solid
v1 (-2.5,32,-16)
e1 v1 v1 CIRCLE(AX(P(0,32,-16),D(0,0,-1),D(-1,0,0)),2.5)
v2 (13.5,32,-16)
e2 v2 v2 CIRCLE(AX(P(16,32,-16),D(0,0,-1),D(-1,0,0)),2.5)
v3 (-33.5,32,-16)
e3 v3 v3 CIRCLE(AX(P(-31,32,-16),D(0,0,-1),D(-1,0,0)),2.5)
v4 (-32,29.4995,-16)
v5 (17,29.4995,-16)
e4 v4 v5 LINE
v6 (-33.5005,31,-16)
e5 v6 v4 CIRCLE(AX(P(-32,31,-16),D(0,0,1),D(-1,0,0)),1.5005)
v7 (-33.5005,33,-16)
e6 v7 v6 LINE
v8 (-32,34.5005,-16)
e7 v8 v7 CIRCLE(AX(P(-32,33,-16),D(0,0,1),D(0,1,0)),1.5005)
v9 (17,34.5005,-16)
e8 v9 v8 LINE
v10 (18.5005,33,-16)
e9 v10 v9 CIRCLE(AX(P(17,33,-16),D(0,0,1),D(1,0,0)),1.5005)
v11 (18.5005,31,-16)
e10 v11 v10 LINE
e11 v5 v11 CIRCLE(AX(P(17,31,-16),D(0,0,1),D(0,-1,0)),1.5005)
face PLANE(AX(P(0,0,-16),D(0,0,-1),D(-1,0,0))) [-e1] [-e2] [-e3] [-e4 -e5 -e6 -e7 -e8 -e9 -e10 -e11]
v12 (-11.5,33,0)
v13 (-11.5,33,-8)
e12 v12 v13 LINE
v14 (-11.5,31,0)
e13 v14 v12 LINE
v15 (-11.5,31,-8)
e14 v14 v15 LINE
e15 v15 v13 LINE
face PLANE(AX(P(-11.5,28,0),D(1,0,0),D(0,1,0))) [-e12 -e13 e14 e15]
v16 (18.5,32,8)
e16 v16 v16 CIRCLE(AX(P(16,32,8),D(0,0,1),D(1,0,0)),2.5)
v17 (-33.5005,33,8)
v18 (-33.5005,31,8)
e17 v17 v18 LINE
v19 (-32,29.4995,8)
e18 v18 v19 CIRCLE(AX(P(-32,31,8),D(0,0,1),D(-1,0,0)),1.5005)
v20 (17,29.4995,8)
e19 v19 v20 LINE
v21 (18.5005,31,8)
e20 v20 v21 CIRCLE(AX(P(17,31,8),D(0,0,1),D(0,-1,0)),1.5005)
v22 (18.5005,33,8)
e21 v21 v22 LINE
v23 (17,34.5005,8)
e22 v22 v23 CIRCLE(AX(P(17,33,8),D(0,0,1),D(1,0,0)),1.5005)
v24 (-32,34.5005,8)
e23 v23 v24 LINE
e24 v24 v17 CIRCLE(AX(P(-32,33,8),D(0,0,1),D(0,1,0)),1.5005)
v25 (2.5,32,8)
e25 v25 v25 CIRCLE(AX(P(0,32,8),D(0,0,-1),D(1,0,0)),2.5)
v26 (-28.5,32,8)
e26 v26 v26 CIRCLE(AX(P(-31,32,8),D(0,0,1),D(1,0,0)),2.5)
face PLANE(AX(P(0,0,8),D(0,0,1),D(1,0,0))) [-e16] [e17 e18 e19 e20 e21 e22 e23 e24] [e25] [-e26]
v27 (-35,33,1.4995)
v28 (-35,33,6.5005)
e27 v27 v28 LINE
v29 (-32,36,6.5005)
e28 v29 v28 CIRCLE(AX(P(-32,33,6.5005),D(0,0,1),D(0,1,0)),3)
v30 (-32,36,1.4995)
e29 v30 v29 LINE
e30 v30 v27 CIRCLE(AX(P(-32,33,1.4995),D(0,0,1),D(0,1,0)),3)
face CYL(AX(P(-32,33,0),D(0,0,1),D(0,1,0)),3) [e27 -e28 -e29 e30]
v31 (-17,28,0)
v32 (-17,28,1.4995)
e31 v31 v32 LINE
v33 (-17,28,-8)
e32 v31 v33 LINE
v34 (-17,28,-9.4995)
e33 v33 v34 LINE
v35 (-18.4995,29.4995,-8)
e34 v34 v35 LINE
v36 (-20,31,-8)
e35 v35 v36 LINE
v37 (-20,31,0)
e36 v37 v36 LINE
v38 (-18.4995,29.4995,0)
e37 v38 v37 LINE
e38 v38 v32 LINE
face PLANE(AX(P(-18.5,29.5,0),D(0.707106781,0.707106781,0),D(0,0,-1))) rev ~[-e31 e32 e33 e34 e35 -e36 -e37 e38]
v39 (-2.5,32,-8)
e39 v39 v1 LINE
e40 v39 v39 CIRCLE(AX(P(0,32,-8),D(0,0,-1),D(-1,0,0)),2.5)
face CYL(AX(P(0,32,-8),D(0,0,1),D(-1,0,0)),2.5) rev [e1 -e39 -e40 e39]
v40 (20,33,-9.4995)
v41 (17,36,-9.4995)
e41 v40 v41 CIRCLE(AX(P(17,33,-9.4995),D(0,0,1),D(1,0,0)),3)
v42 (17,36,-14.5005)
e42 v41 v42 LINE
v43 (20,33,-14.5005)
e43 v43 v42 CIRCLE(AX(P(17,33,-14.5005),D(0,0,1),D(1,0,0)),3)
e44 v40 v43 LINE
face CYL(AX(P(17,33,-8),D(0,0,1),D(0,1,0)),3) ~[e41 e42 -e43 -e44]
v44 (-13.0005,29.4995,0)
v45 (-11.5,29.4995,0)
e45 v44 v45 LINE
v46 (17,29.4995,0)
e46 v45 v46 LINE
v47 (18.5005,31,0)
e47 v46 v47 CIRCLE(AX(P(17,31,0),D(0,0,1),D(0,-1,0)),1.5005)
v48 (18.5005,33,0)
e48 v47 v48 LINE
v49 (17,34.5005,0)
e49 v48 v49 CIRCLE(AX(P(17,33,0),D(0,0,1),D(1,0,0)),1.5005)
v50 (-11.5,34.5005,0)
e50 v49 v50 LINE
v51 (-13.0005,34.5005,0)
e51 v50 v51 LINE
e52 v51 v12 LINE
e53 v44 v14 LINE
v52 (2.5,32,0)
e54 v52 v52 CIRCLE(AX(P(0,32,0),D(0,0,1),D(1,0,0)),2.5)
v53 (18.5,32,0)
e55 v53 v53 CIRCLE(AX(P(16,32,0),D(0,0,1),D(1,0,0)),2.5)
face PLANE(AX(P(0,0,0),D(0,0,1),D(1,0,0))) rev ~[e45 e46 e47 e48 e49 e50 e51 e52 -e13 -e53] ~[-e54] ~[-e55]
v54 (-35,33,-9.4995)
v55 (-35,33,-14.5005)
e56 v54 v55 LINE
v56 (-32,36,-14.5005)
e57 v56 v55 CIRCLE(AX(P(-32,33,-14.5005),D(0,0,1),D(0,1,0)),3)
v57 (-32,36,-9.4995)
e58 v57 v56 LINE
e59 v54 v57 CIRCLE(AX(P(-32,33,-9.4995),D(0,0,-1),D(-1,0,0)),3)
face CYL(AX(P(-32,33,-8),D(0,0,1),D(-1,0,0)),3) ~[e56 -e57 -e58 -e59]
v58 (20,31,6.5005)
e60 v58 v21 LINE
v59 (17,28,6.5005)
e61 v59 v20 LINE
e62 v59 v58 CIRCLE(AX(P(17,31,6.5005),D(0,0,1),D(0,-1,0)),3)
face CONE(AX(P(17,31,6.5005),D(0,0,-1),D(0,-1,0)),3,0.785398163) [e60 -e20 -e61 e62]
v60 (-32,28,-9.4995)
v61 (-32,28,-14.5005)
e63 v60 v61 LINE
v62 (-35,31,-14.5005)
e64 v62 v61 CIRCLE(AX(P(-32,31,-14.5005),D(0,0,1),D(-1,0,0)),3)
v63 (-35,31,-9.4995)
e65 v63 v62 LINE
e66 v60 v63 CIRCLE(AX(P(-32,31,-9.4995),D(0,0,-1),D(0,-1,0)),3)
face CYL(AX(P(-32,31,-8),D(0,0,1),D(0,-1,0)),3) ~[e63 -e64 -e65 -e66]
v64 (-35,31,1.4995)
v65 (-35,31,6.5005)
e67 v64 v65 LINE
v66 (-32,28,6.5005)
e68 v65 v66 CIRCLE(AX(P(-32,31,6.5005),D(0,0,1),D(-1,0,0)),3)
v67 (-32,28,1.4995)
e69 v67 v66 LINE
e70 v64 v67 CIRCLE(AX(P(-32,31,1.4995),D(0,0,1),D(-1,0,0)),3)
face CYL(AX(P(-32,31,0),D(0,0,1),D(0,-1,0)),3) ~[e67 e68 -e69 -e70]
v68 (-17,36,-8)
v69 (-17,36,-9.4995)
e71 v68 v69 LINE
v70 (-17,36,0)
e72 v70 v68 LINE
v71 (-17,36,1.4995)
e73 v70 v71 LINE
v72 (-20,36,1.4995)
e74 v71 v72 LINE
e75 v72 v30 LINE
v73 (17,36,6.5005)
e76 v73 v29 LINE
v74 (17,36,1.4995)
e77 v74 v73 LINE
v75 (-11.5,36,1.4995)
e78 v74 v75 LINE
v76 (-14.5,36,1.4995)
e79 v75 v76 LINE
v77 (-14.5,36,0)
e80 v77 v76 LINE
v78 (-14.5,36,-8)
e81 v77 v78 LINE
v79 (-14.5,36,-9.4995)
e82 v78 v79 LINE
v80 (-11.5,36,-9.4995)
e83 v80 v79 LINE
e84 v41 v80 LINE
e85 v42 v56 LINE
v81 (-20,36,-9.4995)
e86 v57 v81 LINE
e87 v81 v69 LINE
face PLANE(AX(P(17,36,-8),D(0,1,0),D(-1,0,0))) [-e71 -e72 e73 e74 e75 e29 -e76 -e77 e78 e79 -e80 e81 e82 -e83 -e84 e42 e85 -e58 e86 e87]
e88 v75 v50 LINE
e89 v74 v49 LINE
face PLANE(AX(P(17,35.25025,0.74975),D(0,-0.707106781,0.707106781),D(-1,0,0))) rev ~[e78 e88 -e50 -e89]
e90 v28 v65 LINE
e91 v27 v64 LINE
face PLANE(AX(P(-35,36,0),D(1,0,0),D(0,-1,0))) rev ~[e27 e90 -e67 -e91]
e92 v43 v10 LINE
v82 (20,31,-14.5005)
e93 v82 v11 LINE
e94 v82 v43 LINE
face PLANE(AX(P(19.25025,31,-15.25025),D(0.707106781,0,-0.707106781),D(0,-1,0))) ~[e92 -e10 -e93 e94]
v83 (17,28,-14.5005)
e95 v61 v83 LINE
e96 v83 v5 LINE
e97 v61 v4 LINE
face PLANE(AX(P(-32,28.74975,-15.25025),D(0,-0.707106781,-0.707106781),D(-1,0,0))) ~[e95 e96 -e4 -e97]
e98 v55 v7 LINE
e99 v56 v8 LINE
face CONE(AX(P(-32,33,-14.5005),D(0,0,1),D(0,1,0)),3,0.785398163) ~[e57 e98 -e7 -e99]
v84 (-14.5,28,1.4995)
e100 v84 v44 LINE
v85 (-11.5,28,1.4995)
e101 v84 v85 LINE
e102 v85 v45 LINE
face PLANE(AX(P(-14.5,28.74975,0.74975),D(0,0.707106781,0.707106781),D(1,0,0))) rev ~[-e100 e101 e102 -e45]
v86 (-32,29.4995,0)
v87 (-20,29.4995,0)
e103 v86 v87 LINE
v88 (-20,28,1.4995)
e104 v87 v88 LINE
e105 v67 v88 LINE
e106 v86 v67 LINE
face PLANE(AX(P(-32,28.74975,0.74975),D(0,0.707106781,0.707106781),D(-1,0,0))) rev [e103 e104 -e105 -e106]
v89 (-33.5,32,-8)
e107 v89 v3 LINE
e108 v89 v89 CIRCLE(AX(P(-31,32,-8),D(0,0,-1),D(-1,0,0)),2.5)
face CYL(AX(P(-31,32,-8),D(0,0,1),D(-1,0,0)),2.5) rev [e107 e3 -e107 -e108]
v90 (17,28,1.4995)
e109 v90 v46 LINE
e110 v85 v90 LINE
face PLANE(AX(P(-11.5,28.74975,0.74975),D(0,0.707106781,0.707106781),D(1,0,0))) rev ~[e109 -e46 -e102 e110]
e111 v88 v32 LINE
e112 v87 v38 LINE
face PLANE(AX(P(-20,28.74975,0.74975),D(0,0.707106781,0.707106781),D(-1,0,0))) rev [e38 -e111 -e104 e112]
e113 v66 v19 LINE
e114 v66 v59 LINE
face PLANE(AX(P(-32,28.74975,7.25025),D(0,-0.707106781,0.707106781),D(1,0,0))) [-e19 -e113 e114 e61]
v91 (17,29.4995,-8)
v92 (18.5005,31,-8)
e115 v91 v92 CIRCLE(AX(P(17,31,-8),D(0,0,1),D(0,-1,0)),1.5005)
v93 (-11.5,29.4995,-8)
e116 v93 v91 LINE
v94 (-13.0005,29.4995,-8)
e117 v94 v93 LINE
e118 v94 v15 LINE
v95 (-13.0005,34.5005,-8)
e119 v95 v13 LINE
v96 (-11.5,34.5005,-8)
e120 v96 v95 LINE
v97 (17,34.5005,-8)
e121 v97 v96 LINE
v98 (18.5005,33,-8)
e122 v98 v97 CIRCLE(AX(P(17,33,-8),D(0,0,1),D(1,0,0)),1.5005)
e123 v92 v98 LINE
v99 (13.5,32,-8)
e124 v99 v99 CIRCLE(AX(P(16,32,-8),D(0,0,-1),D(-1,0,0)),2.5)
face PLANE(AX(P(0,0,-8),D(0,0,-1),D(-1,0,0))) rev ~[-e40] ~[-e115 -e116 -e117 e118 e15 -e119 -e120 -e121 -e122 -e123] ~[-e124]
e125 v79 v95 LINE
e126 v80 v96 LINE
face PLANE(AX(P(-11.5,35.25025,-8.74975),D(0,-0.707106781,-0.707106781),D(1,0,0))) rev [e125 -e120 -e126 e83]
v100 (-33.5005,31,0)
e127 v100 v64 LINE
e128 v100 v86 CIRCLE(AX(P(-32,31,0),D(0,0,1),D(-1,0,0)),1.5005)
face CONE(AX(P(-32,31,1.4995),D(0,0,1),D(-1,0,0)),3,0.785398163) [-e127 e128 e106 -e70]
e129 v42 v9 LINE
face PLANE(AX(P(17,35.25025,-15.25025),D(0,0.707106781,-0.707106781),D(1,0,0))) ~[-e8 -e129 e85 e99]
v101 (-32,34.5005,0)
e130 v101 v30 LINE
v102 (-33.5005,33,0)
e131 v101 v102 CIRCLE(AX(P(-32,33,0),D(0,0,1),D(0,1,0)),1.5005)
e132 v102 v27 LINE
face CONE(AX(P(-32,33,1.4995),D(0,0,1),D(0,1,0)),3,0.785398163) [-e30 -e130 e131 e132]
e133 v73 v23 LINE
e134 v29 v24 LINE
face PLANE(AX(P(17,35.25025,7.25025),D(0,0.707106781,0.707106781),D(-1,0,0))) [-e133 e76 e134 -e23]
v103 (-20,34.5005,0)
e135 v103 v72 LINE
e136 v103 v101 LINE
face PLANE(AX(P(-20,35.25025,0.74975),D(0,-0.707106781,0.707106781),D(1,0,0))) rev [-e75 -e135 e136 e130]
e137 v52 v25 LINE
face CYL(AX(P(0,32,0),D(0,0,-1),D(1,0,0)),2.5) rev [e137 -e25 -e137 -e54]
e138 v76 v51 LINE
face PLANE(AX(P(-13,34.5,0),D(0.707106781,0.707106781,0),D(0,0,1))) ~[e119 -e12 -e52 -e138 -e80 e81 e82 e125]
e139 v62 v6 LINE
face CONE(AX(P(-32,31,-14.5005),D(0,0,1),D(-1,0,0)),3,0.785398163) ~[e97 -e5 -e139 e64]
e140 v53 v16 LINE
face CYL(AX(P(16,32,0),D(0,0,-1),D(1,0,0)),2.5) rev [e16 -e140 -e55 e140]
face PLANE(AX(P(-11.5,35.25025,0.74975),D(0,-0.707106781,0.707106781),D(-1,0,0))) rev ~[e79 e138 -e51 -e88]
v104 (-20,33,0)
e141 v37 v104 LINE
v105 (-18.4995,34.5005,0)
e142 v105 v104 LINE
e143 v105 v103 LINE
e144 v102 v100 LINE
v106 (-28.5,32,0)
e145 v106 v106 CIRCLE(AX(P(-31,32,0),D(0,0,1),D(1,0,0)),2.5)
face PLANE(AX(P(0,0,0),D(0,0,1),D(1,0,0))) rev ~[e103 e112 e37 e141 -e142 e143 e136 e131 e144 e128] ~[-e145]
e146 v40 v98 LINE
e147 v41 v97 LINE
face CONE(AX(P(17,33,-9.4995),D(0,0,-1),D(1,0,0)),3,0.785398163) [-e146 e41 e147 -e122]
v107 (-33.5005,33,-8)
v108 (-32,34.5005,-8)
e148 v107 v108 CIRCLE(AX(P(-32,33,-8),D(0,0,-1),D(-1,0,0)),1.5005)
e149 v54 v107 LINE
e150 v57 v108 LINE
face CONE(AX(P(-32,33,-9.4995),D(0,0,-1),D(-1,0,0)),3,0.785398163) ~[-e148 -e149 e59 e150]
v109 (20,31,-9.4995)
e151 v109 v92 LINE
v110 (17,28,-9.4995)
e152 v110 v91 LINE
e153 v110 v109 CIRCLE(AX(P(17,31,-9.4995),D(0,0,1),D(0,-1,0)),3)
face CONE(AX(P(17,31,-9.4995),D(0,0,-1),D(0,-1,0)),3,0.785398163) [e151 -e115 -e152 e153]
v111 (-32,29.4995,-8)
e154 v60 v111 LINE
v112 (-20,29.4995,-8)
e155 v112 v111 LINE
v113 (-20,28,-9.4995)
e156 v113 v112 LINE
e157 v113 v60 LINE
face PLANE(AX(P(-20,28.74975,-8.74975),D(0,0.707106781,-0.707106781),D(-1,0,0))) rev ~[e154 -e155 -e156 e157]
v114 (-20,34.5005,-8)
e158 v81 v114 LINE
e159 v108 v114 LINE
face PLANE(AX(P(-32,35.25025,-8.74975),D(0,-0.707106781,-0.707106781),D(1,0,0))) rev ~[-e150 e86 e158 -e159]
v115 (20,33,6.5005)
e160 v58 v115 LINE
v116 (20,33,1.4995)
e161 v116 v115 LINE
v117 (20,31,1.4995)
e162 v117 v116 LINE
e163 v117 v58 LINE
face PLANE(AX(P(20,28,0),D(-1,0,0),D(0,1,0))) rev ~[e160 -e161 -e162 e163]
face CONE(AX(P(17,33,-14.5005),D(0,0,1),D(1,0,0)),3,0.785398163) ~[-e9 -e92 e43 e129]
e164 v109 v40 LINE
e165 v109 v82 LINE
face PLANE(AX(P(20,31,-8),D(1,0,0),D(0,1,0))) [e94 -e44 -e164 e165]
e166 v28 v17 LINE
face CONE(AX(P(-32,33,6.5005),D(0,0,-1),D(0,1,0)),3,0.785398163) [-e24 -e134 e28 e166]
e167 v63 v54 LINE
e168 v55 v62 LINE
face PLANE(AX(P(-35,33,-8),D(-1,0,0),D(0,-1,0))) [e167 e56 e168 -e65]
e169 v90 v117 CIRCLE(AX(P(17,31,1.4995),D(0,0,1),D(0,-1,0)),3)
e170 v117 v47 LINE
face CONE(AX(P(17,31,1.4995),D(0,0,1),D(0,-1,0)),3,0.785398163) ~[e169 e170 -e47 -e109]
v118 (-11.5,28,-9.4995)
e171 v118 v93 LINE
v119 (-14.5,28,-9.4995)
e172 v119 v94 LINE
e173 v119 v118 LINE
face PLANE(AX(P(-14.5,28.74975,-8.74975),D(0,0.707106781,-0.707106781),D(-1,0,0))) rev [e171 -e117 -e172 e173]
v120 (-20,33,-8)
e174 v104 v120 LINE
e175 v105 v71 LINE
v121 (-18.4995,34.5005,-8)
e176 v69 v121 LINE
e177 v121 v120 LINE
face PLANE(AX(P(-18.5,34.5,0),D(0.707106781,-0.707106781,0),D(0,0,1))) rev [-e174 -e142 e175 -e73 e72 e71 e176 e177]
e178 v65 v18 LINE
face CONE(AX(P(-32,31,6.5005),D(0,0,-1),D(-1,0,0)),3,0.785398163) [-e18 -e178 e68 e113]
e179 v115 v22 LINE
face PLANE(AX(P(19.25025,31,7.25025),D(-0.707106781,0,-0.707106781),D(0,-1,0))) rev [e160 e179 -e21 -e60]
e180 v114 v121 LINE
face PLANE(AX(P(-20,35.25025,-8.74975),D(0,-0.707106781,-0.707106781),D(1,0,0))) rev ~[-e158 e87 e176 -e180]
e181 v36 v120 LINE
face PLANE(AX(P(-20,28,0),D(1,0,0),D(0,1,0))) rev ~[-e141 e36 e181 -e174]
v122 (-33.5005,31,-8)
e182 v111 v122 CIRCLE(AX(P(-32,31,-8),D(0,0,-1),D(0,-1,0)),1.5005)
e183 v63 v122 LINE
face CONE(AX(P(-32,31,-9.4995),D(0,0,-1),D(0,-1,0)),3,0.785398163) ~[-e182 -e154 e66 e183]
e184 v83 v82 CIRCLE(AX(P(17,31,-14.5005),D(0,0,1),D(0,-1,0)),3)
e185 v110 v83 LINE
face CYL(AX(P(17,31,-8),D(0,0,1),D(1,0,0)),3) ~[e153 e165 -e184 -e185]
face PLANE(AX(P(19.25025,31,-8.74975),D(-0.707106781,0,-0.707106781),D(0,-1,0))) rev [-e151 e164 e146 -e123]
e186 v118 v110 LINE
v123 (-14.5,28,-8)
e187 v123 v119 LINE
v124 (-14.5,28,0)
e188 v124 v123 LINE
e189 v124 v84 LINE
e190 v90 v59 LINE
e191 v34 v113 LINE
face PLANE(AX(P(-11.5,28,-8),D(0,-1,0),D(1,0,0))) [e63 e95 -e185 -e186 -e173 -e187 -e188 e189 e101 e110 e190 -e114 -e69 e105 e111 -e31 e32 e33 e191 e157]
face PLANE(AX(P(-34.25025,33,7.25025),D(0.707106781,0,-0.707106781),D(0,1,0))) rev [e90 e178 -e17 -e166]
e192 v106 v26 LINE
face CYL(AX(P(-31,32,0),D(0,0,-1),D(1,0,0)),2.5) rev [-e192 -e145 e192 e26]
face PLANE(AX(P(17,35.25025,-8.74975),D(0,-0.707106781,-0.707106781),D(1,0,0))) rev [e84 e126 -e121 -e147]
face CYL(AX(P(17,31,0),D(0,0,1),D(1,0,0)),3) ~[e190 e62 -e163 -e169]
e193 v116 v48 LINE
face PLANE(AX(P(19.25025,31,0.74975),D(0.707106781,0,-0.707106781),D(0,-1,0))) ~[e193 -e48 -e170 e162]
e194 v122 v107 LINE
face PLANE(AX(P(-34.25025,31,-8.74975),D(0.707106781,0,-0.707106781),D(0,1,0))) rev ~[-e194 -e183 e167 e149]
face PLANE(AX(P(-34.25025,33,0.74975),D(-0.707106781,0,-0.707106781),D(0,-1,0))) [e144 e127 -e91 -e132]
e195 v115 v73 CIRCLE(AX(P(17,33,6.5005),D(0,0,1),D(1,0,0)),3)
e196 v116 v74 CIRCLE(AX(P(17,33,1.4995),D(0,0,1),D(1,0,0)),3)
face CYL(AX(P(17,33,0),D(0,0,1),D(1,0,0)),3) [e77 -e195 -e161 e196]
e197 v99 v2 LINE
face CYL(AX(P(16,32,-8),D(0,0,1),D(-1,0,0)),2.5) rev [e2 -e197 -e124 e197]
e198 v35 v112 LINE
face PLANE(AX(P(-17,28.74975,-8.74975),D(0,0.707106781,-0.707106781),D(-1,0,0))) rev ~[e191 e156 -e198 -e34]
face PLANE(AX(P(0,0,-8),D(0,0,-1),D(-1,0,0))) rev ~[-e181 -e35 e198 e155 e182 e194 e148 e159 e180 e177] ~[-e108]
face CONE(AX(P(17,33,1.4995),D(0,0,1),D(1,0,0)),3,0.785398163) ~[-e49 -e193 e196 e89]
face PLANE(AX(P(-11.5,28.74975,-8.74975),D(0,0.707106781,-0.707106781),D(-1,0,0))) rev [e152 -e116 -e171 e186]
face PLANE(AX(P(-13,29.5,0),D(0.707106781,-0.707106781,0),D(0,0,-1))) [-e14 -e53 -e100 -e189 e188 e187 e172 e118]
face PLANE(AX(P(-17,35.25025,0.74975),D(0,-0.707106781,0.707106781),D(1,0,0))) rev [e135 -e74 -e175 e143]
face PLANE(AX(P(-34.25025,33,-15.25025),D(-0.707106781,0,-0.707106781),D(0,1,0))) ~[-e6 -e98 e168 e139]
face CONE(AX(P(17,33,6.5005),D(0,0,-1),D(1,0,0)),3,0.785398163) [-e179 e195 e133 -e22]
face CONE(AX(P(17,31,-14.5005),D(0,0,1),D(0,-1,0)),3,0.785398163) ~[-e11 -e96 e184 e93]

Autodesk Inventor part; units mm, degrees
ref_plane "YZ Plane" through (0, 0, 0) normal (1, 0, 0) x (0, 1, 0)
ref_plane "XZ Plane" through (0, 0, 0) normal (0, 1, 0) x (-1, 0, 0)
ref_plane "XY Plane" through (0, 0, 0) normal (0, 0, 1) x (1, 0, 0)
sketch "Sketch1" plane through (0, 0, 0) normal (0, 0, 1) x (1, 0, 0)
  line L0 (20, 36) -> (-35, 36)
  line L1 (-35, 36) -> (-35, 28)
  line L2 (-35, 28) -> (20, 28)
  line L3 (20, 28) -> (20, 36)
  circle A0 centre (16, 32) radius 2.5
  circle A1 centre (-31, 32) radius 2.5
  arc A2 (-2.5, 32) -> (2.5, 32) centre (0, 32) ccw projected
  line L4 (-2.5, 32) -> (-2.5, -32) projected
  line L5 (2.5, -32) -> (2.5, 32) projected
  arc A3 (2.5, -32) -> (-2.5, -32) centre (0, -32) ccw projected
  arc A4 (0, 34.5) -> (-2.5, 32) centre (0, 32) ccw projected
  arc A5 (2.5, 32) -> (0, 34.5) centre (0, 32) ccw projected
  point P0 (0, 0)
  point P1 (-2.5, 28)
  point P2 (2.5, 28)
  dimension "d0" = 8
  dimension "d2" = 55
  dimension "d4" = 4
  dimension "d5" = 4
  dimension "d7" = 4
  dimension "d11" = 5
extrude "Extrusion1" add sketch "Sketch1" along normal blind 8 contours L3 L2 L5 A5 A4 L4 L1 L0 | L2 L4 A2 L5
fillet "Fillet1" radius 3 4 edges at (-35, 36, 4) (-35, 28, 4) (20, 28, 4) (20, 36, 4)
sketch "Sketch2" plane through (0, 0, 0) normal (0, 0, -1) x (-1, 0, 0)
  arc A0 (-17, 36) -> (-20, 33) centre (-17, 33) ccw projected
  line L0 (-20, 31) -> (-20, 33) projected
  arc A1 (-20, 31) -> (-17, 28) centre (-17, 31) ccw projected
  line L1 (32, 28) -> (-17, 28) projected
  arc A2 (32, 28) -> (35, 31) centre (32, 31) ccw projected
  line L2 (35, 33) -> (35, 31) projected
  arc A3 (35, 33) -> (32, 36) centre (32, 33) ccw projected
  line L3 (-17, 36) -> (32, 36) projected
  line L4 (20, 36) -> (32, 36)
  line L5 (32, 28) -> (20, 28)
  line L6 (20, 28) -> (20, 36)
  line L7 (32, 28) -> (-17, 28) projected
  line L8 (11.5, 36) -> (19.5, 36)
  line L9 (19.5, 36) -> (19.5, 28)
  line L10 (19.5, 28) -> (11.5, 28)
  line L11 (11.5, 28) -> (11.5, 36)
  point P0 (0, 0)
  dimension "d12" = 15
  dimension "d21" = 8
extrude "Extrusion2" add sketch "Sketch2" along normal blind 8 contours L3 L9 L1 L11 | L3 L6 L1 L9
sketch "Sketch3" plane through (0, 0, -8) normal (0, 0, -1) x (-1, 0, 0)
  line L0 (-17, 36) -> (11.5, 36) projected
  arc A0 (-17, 36) -> (-20, 33) centre (-17, 33) ccw projected
  line L1 (-20, 31) -> (-20, 33) projected
  arc A1 (-20, 31) -> (-17, 28) centre (-17, 31) ccw projected
  line L2 (32, 28) -> (19.5, 28) projected
  circle A2 centre (0, 32) radius 2.5 projected
  circle A3 centre (-16, 32) radius 2.5 projected
  line L3 (20, 36) -> (11.5, 36) projected
  line L4 (19.5, 36) -> (19.5, 28) projected
  arc A4 (32, 28) -> (35, 31) centre (32, 31) ccw projected
  line L5 (35, 33) -> (35, 31) projected
  arc A5 (35, 33) -> (32, 36) centre (32, 33) ccw projected
  line L6 (19.5, 36) -> (32, 36) projected
  line L7 (11.5, 28) -> (11.5, 36) projected
  line L8 (11.5, 28) -> (-17, 28) projected
  circle A6 centre (31, 32) radius 2.5 projected
  line L9 (11.5, 28) -> (20, 28) projected
  line L10 (20, 28) -> (20, 36) projected
  line L11 (11.5, 36) -> (11.5, 28) projected
  point P0 (0, 0)
  point P1 (-17, 36)
extrude "Extrusion3" add sketch "Sketch3" along normal blind 8
chamfer "Chamfer1" distance 3 angle 45 4 edges at (-11.5, 36, -4) (-20, 36, -4) (-20, 28, -4) (-11.5, 28, -4)
chamfer "Chamfer2" distance 1.5 angle 45 44 edges at (-13, 36, 0) (2.75, 36, 0) (19.1213, 35.1213, 0) (20, 32, 0) (19.1213, 28.8787, 0) (-18.5, 28, 0) (2.75, 28, 0) (-13, 28, 0) (-18.5, 36, 0) (-26, 36, 0) (-34.1213, 35.1213, 0) (-35, 32, 0) (-34.1213, 28.8787, 0) (-26, 28, 0) (-18.5, 36, -8) (-26, 36, -8) (-13, 36, -8) (-34.1213, 35.1213, -8) (-35, 32, -8) (-34.1213, 28.8787, -8) (-18.5, 28, -8) (-26, 28, -8) (-13, 28, -8) (2.75, 36, -8) (19.1213, 35.1213, -8) (20, 32, -8) (19.1213, 28.8787, -8) (2.75, 28, -8) (-7.5, 36, -16) (19.1213, 35.1213, -16) (20, 32, -16) (19.1213, 28.8787, -16) (-7.5, 28, -16) (-34.1213, 28.8787, -16) (-35, 32, -16) (-34.1213, 35.1213, -16) (-7.5, 36, 8) (-34.1213, 35.1213, 8) (-35, 32, 8) (-34.1213, 28.8787, 8) (-7.5, 28, 8) (19.1213, 28.8787, 8) (20, 32, 8) (19.1213, 35.1213, 8)
properties part number "cross-beam"
